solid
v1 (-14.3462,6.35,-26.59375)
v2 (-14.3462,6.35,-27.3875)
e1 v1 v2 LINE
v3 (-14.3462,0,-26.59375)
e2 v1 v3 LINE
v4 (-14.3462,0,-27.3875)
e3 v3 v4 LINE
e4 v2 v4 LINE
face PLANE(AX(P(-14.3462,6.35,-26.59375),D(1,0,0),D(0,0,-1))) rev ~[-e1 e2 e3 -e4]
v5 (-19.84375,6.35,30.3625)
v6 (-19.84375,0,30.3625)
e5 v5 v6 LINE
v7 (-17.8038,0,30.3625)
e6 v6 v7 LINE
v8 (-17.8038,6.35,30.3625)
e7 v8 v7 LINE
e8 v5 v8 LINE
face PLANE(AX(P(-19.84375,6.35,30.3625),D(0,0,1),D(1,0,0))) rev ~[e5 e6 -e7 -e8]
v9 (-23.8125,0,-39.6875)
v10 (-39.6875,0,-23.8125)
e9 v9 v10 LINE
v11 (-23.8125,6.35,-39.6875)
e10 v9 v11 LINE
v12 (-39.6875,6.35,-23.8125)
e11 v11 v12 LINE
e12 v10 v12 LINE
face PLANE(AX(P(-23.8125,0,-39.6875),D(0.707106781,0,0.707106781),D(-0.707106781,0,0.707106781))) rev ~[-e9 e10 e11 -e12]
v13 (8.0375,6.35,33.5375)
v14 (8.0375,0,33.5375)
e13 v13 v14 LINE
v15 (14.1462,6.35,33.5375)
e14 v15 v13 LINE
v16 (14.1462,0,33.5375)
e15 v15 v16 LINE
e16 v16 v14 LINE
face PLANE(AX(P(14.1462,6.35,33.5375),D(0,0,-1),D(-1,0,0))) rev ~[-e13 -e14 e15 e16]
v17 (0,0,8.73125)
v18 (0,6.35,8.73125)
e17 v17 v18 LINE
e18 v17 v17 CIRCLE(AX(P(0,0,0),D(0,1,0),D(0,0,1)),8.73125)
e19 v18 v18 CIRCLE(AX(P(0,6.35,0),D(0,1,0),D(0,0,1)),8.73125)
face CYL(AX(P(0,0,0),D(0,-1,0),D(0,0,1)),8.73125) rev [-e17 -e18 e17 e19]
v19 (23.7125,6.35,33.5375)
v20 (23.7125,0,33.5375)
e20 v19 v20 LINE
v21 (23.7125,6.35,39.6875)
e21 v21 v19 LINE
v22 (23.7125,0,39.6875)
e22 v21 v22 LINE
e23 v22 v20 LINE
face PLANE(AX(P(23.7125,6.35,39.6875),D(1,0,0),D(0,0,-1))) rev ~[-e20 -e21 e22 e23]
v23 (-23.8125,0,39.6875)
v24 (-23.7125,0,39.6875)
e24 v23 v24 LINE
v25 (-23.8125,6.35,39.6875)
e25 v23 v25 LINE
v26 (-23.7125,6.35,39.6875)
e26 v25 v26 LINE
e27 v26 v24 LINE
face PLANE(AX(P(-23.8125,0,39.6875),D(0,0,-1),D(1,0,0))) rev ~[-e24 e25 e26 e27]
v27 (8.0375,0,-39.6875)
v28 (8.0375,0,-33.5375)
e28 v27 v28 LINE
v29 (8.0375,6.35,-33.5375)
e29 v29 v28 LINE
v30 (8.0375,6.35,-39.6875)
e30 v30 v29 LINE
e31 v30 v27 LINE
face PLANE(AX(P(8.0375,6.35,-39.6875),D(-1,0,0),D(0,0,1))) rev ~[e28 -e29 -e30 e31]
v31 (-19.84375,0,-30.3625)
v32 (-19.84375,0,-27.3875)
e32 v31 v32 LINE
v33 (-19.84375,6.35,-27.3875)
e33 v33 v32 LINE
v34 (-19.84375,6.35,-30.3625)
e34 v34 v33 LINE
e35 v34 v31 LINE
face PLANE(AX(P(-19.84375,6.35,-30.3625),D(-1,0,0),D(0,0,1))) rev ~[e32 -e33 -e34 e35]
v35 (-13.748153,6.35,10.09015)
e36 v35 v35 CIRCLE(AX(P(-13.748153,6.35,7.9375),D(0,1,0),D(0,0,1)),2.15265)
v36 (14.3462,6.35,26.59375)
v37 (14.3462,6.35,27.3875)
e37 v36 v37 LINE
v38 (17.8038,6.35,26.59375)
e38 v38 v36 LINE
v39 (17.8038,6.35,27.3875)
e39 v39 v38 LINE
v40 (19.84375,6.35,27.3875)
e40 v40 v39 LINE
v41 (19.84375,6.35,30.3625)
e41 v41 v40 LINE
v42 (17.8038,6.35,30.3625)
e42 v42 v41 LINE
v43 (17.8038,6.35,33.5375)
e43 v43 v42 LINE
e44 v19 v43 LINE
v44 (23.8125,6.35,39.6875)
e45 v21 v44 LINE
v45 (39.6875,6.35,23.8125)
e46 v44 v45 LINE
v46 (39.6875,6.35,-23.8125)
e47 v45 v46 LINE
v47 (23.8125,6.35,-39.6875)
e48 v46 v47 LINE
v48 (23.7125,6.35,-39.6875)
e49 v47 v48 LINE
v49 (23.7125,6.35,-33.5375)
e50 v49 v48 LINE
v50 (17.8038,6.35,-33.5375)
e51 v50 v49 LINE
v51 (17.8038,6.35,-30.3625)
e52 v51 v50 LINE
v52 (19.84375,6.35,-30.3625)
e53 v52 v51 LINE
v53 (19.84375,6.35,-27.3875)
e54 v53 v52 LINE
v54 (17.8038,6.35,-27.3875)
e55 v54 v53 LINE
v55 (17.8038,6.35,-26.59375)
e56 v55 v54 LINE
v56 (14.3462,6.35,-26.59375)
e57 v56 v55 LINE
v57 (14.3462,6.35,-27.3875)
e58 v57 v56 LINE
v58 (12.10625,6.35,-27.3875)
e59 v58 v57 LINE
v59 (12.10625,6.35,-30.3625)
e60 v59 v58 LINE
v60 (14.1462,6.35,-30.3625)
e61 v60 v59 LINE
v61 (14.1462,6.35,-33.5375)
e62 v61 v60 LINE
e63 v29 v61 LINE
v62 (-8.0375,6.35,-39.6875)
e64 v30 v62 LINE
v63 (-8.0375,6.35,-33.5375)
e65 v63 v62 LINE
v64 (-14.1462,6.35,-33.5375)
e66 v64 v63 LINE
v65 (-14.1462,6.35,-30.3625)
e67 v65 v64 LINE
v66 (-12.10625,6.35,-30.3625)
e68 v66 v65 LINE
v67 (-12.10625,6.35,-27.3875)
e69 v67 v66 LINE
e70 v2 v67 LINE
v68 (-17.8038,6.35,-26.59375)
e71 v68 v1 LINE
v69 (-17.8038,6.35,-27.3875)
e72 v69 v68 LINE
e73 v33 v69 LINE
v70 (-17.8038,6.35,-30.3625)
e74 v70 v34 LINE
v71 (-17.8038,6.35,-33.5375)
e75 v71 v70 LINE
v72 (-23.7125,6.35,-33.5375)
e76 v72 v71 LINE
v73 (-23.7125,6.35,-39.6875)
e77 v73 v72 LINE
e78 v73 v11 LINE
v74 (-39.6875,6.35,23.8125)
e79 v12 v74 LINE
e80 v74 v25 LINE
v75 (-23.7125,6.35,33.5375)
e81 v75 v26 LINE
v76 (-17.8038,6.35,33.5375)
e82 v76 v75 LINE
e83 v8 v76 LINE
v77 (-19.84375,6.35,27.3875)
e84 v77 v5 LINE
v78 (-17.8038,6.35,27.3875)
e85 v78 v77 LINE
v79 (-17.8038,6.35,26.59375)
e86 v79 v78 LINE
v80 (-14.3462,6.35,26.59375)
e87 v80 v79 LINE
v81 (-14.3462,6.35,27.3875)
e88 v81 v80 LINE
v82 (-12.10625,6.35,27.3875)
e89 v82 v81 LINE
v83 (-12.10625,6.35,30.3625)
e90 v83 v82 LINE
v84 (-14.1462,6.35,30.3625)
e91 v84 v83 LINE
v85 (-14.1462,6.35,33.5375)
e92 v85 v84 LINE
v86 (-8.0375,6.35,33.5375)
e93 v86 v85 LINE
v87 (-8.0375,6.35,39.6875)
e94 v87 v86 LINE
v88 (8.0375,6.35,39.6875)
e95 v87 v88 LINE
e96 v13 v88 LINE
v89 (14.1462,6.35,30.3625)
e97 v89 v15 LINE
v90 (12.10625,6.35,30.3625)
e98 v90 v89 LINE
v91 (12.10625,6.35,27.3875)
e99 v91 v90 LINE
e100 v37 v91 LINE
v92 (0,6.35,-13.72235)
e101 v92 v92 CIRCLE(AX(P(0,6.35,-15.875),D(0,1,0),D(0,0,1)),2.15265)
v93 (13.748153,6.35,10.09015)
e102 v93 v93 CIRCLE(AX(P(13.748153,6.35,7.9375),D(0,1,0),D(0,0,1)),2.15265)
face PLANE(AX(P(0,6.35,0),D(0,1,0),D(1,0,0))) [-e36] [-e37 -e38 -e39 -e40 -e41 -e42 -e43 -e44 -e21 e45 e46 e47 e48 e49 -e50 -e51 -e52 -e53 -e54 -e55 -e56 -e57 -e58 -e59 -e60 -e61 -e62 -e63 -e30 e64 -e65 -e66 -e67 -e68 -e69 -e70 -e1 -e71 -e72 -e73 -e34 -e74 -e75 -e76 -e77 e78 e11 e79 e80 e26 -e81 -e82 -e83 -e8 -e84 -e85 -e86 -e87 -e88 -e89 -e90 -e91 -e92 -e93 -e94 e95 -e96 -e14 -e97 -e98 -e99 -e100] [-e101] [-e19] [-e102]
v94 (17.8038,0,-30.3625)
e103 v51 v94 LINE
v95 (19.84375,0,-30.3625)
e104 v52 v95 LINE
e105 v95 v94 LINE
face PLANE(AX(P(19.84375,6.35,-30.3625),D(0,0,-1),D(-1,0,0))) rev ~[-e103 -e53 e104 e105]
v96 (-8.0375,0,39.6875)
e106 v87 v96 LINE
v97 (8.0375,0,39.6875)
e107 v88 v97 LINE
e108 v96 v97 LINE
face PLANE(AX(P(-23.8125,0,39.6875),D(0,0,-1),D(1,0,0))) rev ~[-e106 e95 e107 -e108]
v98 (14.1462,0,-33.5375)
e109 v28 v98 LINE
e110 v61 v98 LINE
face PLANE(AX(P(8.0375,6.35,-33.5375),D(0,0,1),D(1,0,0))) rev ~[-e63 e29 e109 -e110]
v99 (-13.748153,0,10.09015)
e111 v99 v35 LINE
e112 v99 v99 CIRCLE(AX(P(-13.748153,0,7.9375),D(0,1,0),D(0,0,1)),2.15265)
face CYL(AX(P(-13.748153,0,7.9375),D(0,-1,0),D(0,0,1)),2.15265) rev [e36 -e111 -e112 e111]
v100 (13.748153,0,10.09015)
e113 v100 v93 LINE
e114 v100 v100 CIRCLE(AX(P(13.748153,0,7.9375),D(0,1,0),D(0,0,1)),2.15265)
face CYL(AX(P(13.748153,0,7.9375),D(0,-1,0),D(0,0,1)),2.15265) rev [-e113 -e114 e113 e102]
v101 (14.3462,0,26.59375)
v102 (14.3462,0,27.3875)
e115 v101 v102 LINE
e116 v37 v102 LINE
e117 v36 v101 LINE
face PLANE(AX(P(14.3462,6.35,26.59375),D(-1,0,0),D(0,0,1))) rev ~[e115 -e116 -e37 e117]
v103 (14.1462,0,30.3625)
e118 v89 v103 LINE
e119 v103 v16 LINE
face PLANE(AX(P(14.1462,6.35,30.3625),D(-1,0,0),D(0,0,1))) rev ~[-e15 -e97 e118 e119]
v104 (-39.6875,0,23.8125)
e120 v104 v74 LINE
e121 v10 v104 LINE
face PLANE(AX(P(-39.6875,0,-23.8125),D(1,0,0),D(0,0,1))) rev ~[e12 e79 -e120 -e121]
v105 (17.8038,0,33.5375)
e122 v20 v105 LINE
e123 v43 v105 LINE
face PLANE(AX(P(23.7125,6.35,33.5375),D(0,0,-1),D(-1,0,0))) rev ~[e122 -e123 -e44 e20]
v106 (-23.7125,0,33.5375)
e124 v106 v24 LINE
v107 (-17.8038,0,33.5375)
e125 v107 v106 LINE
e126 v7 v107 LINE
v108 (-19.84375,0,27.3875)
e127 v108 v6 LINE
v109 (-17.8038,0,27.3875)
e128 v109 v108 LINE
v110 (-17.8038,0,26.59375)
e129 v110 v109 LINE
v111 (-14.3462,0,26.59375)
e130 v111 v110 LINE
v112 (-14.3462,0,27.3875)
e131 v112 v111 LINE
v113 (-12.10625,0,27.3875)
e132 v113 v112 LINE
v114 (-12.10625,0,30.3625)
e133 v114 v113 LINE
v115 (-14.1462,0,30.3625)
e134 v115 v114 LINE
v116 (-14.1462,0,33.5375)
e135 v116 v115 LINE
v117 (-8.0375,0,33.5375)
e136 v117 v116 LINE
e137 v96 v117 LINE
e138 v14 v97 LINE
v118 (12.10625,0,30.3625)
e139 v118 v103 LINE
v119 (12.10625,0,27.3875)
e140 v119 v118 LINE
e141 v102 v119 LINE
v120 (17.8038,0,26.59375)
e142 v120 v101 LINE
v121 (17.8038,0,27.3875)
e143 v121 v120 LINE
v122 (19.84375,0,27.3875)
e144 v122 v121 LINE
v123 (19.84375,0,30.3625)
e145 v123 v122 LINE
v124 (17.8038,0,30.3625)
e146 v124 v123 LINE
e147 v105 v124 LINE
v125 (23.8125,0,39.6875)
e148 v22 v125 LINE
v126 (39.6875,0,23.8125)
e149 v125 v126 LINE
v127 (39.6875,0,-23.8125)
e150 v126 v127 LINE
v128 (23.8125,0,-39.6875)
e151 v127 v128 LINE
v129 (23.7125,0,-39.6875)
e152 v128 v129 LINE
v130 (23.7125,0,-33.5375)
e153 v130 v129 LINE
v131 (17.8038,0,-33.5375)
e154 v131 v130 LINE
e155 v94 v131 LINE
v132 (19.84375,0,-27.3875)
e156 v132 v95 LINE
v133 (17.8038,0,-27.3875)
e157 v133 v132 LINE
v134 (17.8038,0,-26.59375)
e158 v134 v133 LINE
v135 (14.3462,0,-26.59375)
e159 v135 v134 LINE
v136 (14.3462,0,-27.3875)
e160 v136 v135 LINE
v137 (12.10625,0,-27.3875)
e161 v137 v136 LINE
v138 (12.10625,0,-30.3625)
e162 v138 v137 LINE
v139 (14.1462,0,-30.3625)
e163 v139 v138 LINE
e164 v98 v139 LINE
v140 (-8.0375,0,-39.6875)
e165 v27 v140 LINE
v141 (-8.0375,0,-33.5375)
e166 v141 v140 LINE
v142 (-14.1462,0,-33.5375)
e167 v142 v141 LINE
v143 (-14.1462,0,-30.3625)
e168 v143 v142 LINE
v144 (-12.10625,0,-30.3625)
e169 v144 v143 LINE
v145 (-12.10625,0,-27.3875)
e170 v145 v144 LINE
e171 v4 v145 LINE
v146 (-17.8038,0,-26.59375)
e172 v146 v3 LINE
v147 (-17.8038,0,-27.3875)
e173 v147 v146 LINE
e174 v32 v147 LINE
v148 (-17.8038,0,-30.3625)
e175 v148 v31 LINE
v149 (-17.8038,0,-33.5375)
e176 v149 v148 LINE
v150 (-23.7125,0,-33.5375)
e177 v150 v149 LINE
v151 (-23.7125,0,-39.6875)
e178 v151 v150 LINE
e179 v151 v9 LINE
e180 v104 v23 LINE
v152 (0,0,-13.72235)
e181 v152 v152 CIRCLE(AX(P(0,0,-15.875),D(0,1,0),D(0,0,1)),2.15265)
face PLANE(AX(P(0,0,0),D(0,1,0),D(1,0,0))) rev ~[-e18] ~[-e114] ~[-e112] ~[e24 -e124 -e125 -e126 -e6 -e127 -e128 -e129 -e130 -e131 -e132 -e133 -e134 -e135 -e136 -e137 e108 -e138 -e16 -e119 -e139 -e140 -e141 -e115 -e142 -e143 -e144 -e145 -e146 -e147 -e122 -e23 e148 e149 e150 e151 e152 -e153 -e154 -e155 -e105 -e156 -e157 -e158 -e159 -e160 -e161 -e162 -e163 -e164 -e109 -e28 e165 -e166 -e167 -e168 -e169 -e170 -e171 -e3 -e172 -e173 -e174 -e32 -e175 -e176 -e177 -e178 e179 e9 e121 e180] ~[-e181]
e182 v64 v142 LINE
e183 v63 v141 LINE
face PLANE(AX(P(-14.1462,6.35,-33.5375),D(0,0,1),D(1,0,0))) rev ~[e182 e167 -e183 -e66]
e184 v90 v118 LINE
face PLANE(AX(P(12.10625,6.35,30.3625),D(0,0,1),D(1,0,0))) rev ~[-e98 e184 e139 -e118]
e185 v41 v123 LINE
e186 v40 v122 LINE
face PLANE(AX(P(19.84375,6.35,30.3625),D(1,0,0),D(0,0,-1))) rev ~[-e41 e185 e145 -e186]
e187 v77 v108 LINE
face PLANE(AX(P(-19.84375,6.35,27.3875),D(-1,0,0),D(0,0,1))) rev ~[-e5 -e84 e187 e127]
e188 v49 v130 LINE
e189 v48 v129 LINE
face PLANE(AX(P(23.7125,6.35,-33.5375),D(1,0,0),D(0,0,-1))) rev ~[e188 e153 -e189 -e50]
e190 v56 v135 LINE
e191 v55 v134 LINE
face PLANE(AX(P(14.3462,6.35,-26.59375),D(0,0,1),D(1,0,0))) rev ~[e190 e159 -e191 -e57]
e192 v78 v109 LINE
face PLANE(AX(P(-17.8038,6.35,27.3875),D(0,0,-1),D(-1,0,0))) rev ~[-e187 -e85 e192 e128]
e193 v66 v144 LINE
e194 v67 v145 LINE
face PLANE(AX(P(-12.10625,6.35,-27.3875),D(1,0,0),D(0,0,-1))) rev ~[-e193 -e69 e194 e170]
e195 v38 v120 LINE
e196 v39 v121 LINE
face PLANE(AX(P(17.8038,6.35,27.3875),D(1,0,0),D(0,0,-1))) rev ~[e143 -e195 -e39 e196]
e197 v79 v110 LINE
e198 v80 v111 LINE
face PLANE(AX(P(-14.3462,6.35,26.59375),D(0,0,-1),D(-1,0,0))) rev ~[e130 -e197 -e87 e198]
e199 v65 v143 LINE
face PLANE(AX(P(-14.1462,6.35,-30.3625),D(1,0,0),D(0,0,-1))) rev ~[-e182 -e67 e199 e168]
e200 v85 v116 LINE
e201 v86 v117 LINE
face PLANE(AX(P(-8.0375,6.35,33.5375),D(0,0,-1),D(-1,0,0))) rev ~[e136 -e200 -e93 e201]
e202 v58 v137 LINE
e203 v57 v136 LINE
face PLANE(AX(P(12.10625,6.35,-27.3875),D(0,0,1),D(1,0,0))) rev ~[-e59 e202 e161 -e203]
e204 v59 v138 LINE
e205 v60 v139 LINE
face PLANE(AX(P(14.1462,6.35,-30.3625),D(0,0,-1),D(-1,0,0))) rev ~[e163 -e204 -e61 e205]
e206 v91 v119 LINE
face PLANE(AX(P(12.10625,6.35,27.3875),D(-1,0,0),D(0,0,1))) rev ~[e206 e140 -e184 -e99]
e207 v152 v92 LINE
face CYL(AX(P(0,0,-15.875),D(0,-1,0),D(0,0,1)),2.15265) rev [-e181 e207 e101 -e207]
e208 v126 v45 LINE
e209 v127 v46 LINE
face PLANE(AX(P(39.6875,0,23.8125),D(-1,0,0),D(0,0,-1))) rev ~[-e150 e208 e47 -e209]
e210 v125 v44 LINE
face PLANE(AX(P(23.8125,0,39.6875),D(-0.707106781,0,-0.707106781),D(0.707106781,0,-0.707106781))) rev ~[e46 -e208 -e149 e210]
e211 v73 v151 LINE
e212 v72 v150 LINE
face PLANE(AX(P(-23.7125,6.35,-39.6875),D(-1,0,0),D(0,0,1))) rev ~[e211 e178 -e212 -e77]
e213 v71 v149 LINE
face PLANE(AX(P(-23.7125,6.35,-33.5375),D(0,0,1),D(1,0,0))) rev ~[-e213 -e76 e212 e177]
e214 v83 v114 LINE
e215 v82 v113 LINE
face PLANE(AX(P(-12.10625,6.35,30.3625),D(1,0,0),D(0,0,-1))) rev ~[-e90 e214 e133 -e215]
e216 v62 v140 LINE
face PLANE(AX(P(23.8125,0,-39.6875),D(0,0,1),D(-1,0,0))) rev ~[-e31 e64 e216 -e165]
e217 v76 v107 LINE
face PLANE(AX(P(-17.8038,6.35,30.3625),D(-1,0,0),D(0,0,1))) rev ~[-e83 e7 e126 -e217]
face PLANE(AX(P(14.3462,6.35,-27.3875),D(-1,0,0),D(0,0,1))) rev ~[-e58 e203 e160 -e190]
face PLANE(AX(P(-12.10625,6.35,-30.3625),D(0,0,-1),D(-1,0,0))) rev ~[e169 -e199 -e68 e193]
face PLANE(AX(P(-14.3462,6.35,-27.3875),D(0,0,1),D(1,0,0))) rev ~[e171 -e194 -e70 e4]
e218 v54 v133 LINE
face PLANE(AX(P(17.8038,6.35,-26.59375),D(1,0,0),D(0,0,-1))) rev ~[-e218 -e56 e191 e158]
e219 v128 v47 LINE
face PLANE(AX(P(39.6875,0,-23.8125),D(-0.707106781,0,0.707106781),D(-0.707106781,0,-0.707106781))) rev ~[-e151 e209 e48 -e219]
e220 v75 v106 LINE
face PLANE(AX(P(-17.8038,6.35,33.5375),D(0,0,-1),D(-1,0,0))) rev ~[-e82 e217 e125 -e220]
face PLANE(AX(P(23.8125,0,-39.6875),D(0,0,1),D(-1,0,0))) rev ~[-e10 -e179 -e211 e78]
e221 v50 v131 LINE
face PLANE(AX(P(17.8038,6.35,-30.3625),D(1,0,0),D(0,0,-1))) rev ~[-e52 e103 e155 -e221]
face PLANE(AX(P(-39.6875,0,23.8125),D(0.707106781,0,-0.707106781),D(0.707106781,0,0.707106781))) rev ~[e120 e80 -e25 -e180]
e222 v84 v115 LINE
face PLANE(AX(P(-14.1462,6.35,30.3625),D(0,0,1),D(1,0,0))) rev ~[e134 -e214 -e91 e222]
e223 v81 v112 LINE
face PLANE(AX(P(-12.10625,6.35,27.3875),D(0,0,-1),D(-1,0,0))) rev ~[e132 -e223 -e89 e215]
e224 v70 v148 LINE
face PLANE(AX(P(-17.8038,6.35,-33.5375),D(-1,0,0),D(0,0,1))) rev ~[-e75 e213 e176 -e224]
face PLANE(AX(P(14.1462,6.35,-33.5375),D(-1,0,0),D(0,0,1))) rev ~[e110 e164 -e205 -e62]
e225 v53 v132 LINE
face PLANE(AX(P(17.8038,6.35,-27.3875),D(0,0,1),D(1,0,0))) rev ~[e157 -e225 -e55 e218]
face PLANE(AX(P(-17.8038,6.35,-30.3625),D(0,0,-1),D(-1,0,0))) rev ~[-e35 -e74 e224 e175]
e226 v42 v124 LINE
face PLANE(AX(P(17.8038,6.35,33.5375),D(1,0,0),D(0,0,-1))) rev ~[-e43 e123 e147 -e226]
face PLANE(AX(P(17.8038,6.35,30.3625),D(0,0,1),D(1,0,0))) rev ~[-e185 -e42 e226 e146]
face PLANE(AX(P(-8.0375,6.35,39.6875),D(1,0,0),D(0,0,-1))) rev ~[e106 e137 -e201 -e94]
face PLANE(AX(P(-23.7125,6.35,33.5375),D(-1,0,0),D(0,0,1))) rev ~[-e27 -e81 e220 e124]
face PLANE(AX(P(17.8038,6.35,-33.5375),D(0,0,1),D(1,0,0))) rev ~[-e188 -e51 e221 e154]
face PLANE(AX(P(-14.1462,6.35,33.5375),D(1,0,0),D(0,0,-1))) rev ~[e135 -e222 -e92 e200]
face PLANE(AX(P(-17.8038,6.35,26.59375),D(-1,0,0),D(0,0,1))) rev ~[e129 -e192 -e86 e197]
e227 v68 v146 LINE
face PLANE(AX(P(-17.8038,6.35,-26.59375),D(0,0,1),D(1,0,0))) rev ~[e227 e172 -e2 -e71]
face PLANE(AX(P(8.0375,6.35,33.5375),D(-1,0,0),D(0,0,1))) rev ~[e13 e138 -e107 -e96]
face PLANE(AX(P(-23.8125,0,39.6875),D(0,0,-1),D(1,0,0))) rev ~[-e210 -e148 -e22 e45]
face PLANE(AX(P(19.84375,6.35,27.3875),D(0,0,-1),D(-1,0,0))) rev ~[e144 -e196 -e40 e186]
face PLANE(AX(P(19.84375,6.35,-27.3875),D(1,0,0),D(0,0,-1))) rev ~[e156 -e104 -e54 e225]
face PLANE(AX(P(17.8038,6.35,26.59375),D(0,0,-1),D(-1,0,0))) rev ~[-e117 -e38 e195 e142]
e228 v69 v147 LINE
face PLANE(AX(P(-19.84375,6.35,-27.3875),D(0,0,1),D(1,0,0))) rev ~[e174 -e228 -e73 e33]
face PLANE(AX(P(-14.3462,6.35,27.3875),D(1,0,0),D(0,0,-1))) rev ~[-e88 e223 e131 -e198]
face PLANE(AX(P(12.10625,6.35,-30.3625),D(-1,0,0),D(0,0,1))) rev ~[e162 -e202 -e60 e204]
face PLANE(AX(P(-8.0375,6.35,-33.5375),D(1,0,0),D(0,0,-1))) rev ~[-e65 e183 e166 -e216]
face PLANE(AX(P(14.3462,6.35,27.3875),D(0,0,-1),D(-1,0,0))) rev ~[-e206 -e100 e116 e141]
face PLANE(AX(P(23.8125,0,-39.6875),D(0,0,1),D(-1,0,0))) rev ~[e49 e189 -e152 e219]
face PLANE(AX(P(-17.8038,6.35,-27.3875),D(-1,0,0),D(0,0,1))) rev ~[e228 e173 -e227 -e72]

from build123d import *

# Parameters (mm, degrees)
SKETCH1_R           = 2.15265
SKETCH1_R_2         = 8.73125
BOSS_EXTRUDE1_DEPTH = 6.35
CUT_EXTRUDE1_DEPTH  = 57.484668827


with BuildPart() as part:
    # Sketch1 → Boss-Extrude1 (new body)
    with BuildSketch(Plane(origin=(0, 0, 0), x_dir=(1, 0, 0), z_dir=(0, 1, 0))):
        Polygon((23.8125, 39.6875), (-23.8125, 39.6875), (-39.6875, 23.8125), (-39.6875, -23.8125), (-23.8125, -39.6875), (23.8125, -39.6875), (39.6875, -23.8125), (39.6875, 23.8125), align=None)
        with Locations(Location((-13.748153285, -7.9375, 0), (0, 0, 270))):
            Circle(SKETCH1_R, mode=Mode.SUBTRACT)
        with Locations(Location((13.748153285, -7.9375, 0), (0, 0, 270))):
            Circle(SKETCH1_R, mode=Mode.SUBTRACT)
        with Locations(Location((0, 0, 0), (0, 0, 270))):
            Circle(SKETCH1_R_2, mode=Mode.SUBTRACT)
        with Locations(Location((0, 15.875, 0), (0, 0, 270))):
            Circle(SKETCH1_R, mode=Mode.SUBTRACT)
    extrude(amount=BOSS_EXTRUDE1_DEPTH)

    # Sketch2 → Cut-Extrude1 (cut, through all)
    with BuildSketch(Plane(origin=(0, 6.35, 0), x_dir=(1, 0, 0), z_dir=(0, 1, 0))):
        Polygon((-8.0375, 39.6875), (-23.7125, 39.6875), (-23.7125, 33.5375), (-17.8038, 33.5375), (-17.8038, 30.3625), (-19.84375, 30.3625), (-19.84375, 27.3875), (-17.8038, 27.3875), (-17.8038, 26.59375), (-14.3462, 26.59375), (-14.3462, 27.3875), (-12.10625, 27.3875), (-12.10625, 30.3625), (-14.1462, 30.3625), (-14.1462, 33.5375), (-8.0375, 33.5375), align=None)
        Polygon((23.7125, 39.6875), (8.0375, 39.6875), (8.0375, 33.5375), (14.1462, 33.5375), (14.1462, 30.3625), (12.10625, 30.3625), (12.10625, 27.3875), (14.3462, 27.3875), (14.3462, 26.59375), (17.8038, 26.59375), (17.8038, 27.3875), (19.84375, 27.3875), (19.84375, 30.3625), (17.8038, 30.3625), (17.8038, 33.5375), (23.7125, 33.5375), align=None)
        Polygon((-23.7125, -33.5375), (-23.7125, -39.6875), (-8.0375, -39.6875), (-8.0375, -33.5375), (-14.1462, -33.5375), (-14.1462, -30.3625), (-12.10625, -30.3625), (-12.10625, -27.3875), (-14.3462, -27.3875), (-14.3462, -26.59375), (-17.8038, -26.59375), (-17.8038, -27.3875), (-19.84375, -27.3875), (-19.84375, -30.3625), (-17.8038, -30.3625), (-17.8038, -33.5375), align=None)
        Polygon((8.0375, -33.5375), (8.0375, -39.6875), (23.7125, -39.6875), (23.7125, -33.5375), (17.8038, -33.5375), (17.8038, -30.3625), (19.84375, -30.3625), (19.84375, -27.3875), (17.8038, -27.3875), (17.8038, -26.59375), (14.3462, -26.59375), (14.3462, -27.3875), (12.10625, -27.3875), (12.10625, -30.3625), (14.1462, -30.3625), (14.1462, -33.5375), align=None)
    extrude(amount=-CUT_EXTRUDE1_DEPTH, mode=Mode.SUBTRACT)


solid = part.part
